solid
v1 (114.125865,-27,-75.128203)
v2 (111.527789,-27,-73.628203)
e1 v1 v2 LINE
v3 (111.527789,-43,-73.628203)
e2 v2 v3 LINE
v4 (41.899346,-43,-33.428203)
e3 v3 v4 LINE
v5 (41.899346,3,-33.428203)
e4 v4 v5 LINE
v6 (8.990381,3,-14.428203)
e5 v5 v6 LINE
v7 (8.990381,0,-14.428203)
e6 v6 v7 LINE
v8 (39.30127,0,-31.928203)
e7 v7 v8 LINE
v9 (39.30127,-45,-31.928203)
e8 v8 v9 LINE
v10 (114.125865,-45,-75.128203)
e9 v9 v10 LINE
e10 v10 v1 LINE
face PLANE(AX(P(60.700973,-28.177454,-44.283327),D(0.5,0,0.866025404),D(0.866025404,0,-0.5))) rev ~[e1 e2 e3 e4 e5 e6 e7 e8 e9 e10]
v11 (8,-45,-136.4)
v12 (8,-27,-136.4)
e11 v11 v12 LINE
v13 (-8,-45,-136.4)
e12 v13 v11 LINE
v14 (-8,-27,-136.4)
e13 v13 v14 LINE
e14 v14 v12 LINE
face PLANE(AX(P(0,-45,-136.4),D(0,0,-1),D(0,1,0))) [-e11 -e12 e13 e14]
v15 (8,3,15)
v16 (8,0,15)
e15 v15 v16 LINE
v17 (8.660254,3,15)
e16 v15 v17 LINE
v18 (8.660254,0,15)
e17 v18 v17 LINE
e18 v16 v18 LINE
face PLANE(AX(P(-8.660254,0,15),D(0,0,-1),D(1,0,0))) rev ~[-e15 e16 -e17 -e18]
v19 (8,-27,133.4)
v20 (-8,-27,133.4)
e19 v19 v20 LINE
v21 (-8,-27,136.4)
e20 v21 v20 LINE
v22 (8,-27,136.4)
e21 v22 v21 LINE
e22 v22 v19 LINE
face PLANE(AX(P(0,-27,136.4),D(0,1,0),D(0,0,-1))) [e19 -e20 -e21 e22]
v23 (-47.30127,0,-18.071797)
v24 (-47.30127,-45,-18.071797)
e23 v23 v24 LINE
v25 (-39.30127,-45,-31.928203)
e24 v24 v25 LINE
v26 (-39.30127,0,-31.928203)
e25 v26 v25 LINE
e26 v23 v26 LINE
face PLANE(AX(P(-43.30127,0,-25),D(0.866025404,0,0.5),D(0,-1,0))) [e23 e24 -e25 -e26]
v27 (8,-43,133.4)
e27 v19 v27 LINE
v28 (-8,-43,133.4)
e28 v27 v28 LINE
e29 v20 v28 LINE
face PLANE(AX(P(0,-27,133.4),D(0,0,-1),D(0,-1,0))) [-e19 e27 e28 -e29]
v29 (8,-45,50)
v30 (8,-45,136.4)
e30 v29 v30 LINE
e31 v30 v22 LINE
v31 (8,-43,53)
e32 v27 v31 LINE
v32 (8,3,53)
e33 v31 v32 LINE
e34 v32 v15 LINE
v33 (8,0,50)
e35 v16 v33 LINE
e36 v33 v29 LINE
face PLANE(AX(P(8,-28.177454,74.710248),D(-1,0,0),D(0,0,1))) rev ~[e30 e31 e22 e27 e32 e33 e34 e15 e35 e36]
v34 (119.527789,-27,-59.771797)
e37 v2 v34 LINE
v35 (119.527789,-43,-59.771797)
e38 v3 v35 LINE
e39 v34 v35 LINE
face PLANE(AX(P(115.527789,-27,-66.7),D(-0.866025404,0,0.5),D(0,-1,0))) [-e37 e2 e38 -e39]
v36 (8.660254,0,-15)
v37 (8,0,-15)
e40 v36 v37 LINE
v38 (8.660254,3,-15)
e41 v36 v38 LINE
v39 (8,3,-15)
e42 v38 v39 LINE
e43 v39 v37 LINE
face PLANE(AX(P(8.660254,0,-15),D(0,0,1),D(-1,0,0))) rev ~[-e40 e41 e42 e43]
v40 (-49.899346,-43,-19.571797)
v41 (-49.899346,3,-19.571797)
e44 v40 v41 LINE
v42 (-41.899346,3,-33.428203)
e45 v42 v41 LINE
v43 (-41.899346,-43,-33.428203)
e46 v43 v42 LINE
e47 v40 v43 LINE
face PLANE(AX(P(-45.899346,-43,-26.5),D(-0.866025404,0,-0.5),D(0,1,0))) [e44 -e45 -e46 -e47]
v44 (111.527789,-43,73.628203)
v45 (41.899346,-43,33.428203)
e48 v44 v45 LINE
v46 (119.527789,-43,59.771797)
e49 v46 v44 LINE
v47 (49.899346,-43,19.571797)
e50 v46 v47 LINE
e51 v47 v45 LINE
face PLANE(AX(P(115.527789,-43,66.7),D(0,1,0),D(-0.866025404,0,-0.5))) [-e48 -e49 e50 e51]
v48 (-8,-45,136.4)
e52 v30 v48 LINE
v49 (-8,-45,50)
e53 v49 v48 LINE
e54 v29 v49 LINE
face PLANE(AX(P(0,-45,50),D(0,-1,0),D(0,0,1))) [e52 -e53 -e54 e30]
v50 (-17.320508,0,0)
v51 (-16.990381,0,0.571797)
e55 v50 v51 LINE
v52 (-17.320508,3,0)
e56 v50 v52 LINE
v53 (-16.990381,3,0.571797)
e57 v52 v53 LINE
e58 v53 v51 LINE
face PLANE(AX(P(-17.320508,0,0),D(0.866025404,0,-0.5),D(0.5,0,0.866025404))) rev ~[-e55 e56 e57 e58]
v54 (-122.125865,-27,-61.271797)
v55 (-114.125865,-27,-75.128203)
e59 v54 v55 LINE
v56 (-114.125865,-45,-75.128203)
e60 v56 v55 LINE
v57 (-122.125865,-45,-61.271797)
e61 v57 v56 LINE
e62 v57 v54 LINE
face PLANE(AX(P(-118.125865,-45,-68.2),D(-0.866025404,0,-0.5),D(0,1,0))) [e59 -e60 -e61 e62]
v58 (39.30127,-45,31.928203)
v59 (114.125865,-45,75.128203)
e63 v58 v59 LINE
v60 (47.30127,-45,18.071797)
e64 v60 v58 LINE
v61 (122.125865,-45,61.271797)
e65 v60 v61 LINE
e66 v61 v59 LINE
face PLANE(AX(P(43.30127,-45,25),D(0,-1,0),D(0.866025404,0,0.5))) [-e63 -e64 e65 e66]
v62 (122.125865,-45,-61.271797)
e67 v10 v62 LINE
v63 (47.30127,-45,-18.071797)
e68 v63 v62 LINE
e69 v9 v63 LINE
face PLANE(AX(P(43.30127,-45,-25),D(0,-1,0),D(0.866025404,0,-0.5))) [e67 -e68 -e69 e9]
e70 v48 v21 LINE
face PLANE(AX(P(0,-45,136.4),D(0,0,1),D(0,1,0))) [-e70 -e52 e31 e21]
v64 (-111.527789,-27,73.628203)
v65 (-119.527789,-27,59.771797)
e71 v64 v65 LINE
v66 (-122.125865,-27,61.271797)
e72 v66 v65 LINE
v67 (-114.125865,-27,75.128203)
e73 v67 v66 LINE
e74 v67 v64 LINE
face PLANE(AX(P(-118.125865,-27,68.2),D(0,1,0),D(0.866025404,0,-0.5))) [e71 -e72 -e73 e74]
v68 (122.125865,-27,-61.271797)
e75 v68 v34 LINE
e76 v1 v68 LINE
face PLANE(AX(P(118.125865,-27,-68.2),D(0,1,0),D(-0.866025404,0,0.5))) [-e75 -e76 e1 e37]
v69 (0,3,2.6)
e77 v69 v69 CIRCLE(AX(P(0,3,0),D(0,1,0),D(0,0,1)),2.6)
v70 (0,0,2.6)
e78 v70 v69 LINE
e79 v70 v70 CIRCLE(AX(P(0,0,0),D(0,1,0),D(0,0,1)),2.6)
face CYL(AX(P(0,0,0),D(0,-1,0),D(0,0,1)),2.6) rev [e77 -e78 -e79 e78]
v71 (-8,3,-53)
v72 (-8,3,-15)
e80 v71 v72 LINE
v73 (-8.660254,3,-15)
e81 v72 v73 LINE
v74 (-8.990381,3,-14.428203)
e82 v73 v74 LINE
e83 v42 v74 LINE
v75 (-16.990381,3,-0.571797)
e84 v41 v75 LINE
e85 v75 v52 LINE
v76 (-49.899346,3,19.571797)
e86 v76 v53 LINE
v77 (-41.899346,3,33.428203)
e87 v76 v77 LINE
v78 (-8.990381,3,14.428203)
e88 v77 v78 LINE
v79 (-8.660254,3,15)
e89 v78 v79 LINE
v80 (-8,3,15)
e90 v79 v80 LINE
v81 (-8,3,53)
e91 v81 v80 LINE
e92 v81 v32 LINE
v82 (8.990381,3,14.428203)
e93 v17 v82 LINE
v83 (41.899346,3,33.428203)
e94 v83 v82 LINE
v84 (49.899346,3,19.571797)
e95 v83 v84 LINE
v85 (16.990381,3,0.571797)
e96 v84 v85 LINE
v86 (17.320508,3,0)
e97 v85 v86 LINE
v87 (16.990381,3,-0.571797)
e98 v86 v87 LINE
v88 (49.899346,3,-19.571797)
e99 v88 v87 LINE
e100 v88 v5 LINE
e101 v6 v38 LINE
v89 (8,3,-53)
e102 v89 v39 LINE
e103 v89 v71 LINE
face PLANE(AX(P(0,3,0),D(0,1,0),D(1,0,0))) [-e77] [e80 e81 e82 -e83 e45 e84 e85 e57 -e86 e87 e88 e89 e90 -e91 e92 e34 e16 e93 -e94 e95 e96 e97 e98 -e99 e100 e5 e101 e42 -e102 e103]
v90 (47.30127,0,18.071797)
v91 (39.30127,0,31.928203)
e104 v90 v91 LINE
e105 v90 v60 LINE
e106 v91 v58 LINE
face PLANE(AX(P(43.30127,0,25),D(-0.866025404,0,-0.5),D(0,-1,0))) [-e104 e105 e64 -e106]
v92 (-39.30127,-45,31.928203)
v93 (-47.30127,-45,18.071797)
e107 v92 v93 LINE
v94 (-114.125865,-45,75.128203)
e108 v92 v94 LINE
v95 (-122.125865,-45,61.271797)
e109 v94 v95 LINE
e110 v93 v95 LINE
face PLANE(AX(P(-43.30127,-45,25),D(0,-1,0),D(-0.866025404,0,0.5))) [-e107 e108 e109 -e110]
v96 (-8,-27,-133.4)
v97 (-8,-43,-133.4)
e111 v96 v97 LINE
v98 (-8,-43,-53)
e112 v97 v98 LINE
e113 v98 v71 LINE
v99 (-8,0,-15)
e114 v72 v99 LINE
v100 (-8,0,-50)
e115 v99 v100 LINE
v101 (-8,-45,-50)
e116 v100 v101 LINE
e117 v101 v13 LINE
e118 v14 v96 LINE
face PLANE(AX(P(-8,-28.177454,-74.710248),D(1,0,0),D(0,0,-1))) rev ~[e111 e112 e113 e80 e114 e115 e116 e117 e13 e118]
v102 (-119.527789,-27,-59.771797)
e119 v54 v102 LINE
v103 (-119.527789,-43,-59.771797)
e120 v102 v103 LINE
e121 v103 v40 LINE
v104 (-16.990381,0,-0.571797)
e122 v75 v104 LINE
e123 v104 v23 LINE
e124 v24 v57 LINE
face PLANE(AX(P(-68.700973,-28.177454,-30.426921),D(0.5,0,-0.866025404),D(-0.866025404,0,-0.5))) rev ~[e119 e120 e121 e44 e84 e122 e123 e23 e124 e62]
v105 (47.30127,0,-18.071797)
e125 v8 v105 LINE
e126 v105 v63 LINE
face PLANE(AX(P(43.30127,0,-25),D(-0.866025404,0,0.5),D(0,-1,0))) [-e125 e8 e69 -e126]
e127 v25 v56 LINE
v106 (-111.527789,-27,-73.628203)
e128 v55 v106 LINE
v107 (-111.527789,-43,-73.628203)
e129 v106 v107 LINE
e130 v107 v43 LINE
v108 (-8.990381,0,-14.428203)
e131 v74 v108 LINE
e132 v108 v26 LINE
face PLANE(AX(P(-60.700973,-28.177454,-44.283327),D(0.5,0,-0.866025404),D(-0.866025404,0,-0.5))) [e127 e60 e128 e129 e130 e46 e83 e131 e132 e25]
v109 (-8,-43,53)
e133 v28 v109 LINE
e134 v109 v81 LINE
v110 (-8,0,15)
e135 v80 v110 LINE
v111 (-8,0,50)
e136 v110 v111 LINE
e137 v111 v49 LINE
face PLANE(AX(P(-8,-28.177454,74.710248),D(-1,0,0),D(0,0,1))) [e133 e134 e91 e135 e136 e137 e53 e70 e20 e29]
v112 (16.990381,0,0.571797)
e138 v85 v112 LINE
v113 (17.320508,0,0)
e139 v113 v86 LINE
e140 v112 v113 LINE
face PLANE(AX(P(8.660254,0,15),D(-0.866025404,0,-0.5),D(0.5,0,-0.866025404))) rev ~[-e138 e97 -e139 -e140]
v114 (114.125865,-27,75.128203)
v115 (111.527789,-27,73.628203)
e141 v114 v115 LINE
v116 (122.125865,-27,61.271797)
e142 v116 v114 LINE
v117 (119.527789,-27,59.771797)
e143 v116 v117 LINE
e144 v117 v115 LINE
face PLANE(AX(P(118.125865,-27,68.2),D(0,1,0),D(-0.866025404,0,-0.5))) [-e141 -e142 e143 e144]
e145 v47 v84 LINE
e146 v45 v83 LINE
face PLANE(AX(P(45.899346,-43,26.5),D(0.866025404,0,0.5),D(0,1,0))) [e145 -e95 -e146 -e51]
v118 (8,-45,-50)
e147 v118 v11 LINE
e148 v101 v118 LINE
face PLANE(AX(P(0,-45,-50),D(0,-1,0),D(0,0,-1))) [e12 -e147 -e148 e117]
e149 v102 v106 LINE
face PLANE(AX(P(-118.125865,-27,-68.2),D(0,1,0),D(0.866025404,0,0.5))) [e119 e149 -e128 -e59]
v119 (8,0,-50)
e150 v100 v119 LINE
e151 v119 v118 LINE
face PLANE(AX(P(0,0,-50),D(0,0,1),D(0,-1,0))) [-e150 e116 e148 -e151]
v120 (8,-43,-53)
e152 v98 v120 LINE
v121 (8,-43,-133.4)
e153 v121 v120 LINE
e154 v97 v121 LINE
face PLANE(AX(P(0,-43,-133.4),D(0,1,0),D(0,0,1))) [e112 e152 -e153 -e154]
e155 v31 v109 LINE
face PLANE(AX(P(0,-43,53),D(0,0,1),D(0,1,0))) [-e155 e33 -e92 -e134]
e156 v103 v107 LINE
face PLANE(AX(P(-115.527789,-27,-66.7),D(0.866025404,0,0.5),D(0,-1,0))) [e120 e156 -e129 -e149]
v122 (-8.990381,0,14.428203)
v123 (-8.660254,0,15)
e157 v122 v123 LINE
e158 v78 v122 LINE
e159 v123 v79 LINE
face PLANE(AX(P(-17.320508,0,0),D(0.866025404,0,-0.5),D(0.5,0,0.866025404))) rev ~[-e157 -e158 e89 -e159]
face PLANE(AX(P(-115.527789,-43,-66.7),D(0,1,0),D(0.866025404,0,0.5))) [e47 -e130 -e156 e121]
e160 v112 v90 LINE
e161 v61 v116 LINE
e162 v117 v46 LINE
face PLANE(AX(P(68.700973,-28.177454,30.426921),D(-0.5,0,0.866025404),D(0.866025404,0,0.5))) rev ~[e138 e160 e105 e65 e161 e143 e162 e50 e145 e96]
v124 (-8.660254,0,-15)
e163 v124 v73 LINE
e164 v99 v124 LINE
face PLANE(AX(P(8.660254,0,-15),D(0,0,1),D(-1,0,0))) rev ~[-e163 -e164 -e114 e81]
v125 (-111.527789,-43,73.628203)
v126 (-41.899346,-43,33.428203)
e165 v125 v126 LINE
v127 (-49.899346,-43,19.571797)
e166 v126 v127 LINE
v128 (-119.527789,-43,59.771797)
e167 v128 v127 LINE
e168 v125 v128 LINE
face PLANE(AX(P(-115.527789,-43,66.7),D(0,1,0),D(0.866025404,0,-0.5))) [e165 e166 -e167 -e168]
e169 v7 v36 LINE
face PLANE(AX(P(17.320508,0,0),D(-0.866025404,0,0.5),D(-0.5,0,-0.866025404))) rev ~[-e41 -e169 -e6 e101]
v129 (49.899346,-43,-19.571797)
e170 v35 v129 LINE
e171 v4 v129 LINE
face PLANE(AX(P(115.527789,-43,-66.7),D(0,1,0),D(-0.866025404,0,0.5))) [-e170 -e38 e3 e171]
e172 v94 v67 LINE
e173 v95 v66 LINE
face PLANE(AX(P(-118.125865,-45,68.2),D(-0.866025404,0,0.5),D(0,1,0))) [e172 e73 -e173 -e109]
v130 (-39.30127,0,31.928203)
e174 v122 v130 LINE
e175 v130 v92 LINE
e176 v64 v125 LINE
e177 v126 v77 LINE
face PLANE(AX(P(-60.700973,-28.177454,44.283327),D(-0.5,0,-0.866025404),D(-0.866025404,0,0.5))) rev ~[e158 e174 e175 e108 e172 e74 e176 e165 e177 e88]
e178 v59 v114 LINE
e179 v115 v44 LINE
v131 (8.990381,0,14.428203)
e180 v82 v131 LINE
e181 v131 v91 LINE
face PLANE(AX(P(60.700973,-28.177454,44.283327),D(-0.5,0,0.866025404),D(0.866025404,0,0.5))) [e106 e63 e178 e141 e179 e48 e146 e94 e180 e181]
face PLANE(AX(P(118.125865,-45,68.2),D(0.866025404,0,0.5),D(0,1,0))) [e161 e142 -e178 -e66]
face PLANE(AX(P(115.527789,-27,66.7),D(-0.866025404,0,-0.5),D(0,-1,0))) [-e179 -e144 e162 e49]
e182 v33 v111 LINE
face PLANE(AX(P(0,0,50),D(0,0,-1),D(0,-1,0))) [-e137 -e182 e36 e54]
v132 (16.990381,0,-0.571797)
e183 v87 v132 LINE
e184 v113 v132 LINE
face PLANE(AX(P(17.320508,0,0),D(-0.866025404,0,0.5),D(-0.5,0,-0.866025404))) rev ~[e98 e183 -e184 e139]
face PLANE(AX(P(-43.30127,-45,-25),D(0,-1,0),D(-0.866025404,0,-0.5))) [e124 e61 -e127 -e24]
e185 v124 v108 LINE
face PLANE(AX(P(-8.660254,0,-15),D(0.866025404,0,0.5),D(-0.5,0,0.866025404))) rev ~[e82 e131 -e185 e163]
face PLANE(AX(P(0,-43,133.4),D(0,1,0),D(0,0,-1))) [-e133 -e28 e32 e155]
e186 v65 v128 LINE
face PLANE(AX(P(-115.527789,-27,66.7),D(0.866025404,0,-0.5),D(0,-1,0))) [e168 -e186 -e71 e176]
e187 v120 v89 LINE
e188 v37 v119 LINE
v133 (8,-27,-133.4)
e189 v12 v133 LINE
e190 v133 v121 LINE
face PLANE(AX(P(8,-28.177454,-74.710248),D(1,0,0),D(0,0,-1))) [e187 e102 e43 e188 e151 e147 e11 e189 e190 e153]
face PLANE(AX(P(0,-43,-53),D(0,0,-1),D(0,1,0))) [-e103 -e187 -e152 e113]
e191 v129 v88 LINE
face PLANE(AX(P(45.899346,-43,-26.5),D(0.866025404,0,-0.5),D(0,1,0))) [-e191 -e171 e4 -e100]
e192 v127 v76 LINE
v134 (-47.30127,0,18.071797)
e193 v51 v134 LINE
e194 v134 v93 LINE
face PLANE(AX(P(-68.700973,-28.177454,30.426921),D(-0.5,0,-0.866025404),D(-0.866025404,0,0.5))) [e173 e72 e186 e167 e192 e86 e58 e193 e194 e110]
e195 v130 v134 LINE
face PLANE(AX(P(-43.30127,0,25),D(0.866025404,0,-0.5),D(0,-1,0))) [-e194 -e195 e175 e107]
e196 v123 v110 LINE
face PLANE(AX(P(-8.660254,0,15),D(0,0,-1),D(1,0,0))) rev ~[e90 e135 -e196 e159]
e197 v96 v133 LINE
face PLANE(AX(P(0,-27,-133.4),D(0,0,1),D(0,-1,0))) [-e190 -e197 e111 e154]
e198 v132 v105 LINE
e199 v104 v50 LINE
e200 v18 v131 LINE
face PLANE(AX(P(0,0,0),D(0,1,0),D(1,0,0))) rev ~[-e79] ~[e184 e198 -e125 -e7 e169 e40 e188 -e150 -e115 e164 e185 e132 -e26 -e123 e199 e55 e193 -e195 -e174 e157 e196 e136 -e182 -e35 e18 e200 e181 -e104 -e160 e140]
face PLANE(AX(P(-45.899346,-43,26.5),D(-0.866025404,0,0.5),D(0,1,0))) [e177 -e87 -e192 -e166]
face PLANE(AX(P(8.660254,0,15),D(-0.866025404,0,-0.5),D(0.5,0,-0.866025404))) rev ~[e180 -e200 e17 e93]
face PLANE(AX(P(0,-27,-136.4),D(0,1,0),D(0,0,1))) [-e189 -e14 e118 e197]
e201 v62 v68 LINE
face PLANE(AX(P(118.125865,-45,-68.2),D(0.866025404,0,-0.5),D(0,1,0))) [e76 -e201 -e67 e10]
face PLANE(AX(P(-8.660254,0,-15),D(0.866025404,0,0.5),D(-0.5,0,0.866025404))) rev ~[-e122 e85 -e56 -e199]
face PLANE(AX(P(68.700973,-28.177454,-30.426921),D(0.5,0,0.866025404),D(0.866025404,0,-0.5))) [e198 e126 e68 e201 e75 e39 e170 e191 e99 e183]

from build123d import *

# Parameters (mm, degrees)
SKETCH_1_R               = 2.6
EXTRUDE_1_DEPTH          = 3
EXTRUDE_2_DEPTH          = 8
PATTERN_CIRCULAR_1_COUNT = 6


with BuildPart() as part:
    # 草图1 → 凸台-拉伸1 (new body)
    with BuildSketch(Plane(origin=(0, 0, 0), x_dir=(1, 0, 0), z_dir=(0, 1, 0))):
        Polygon((8.660254038, 15), (-8.660254038, 15), (-17.320508076, 0), (-8.660254038, -15), (8.660254038, -15), (17.320508076, 0), align=None)
        Circle(SKETCH_1_R, mode=Mode.SUBTRACT)
    extrude(amount=EXTRUDE_1_DEPTH)

    # 草图2 → 凸台-拉伸2 (add, symmetric)
    with BuildSketch(Plane(origin=(0, 0, 0), x_dir=(0, 0, -1), z_dir=(1, 0, 0))):
        Polygon((15, 0), (50, 0), (50, -45), (136.4, -45), (136.4, -27), (133.4, -27), (133.4, -43), (53, -43), (53, 3), (15, 3), align=None)
    extrude_2 = extrude(amount=EXTRUDE_2_DEPTH, both=True)

    # 阵列(圆周)1: 凸台-拉伸2 ×6 about axis
    pattern_circular_1_axis = Axis((0, 3, 0), (0, 1, 0))
    for i in range(1, PATTERN_CIRCULAR_1_COUNT):
        add(extrude_2.rotate(pattern_circular_1_axis, i * 360 / PATTERN_CIRCULAR_1_COUNT))


solid = part.part
